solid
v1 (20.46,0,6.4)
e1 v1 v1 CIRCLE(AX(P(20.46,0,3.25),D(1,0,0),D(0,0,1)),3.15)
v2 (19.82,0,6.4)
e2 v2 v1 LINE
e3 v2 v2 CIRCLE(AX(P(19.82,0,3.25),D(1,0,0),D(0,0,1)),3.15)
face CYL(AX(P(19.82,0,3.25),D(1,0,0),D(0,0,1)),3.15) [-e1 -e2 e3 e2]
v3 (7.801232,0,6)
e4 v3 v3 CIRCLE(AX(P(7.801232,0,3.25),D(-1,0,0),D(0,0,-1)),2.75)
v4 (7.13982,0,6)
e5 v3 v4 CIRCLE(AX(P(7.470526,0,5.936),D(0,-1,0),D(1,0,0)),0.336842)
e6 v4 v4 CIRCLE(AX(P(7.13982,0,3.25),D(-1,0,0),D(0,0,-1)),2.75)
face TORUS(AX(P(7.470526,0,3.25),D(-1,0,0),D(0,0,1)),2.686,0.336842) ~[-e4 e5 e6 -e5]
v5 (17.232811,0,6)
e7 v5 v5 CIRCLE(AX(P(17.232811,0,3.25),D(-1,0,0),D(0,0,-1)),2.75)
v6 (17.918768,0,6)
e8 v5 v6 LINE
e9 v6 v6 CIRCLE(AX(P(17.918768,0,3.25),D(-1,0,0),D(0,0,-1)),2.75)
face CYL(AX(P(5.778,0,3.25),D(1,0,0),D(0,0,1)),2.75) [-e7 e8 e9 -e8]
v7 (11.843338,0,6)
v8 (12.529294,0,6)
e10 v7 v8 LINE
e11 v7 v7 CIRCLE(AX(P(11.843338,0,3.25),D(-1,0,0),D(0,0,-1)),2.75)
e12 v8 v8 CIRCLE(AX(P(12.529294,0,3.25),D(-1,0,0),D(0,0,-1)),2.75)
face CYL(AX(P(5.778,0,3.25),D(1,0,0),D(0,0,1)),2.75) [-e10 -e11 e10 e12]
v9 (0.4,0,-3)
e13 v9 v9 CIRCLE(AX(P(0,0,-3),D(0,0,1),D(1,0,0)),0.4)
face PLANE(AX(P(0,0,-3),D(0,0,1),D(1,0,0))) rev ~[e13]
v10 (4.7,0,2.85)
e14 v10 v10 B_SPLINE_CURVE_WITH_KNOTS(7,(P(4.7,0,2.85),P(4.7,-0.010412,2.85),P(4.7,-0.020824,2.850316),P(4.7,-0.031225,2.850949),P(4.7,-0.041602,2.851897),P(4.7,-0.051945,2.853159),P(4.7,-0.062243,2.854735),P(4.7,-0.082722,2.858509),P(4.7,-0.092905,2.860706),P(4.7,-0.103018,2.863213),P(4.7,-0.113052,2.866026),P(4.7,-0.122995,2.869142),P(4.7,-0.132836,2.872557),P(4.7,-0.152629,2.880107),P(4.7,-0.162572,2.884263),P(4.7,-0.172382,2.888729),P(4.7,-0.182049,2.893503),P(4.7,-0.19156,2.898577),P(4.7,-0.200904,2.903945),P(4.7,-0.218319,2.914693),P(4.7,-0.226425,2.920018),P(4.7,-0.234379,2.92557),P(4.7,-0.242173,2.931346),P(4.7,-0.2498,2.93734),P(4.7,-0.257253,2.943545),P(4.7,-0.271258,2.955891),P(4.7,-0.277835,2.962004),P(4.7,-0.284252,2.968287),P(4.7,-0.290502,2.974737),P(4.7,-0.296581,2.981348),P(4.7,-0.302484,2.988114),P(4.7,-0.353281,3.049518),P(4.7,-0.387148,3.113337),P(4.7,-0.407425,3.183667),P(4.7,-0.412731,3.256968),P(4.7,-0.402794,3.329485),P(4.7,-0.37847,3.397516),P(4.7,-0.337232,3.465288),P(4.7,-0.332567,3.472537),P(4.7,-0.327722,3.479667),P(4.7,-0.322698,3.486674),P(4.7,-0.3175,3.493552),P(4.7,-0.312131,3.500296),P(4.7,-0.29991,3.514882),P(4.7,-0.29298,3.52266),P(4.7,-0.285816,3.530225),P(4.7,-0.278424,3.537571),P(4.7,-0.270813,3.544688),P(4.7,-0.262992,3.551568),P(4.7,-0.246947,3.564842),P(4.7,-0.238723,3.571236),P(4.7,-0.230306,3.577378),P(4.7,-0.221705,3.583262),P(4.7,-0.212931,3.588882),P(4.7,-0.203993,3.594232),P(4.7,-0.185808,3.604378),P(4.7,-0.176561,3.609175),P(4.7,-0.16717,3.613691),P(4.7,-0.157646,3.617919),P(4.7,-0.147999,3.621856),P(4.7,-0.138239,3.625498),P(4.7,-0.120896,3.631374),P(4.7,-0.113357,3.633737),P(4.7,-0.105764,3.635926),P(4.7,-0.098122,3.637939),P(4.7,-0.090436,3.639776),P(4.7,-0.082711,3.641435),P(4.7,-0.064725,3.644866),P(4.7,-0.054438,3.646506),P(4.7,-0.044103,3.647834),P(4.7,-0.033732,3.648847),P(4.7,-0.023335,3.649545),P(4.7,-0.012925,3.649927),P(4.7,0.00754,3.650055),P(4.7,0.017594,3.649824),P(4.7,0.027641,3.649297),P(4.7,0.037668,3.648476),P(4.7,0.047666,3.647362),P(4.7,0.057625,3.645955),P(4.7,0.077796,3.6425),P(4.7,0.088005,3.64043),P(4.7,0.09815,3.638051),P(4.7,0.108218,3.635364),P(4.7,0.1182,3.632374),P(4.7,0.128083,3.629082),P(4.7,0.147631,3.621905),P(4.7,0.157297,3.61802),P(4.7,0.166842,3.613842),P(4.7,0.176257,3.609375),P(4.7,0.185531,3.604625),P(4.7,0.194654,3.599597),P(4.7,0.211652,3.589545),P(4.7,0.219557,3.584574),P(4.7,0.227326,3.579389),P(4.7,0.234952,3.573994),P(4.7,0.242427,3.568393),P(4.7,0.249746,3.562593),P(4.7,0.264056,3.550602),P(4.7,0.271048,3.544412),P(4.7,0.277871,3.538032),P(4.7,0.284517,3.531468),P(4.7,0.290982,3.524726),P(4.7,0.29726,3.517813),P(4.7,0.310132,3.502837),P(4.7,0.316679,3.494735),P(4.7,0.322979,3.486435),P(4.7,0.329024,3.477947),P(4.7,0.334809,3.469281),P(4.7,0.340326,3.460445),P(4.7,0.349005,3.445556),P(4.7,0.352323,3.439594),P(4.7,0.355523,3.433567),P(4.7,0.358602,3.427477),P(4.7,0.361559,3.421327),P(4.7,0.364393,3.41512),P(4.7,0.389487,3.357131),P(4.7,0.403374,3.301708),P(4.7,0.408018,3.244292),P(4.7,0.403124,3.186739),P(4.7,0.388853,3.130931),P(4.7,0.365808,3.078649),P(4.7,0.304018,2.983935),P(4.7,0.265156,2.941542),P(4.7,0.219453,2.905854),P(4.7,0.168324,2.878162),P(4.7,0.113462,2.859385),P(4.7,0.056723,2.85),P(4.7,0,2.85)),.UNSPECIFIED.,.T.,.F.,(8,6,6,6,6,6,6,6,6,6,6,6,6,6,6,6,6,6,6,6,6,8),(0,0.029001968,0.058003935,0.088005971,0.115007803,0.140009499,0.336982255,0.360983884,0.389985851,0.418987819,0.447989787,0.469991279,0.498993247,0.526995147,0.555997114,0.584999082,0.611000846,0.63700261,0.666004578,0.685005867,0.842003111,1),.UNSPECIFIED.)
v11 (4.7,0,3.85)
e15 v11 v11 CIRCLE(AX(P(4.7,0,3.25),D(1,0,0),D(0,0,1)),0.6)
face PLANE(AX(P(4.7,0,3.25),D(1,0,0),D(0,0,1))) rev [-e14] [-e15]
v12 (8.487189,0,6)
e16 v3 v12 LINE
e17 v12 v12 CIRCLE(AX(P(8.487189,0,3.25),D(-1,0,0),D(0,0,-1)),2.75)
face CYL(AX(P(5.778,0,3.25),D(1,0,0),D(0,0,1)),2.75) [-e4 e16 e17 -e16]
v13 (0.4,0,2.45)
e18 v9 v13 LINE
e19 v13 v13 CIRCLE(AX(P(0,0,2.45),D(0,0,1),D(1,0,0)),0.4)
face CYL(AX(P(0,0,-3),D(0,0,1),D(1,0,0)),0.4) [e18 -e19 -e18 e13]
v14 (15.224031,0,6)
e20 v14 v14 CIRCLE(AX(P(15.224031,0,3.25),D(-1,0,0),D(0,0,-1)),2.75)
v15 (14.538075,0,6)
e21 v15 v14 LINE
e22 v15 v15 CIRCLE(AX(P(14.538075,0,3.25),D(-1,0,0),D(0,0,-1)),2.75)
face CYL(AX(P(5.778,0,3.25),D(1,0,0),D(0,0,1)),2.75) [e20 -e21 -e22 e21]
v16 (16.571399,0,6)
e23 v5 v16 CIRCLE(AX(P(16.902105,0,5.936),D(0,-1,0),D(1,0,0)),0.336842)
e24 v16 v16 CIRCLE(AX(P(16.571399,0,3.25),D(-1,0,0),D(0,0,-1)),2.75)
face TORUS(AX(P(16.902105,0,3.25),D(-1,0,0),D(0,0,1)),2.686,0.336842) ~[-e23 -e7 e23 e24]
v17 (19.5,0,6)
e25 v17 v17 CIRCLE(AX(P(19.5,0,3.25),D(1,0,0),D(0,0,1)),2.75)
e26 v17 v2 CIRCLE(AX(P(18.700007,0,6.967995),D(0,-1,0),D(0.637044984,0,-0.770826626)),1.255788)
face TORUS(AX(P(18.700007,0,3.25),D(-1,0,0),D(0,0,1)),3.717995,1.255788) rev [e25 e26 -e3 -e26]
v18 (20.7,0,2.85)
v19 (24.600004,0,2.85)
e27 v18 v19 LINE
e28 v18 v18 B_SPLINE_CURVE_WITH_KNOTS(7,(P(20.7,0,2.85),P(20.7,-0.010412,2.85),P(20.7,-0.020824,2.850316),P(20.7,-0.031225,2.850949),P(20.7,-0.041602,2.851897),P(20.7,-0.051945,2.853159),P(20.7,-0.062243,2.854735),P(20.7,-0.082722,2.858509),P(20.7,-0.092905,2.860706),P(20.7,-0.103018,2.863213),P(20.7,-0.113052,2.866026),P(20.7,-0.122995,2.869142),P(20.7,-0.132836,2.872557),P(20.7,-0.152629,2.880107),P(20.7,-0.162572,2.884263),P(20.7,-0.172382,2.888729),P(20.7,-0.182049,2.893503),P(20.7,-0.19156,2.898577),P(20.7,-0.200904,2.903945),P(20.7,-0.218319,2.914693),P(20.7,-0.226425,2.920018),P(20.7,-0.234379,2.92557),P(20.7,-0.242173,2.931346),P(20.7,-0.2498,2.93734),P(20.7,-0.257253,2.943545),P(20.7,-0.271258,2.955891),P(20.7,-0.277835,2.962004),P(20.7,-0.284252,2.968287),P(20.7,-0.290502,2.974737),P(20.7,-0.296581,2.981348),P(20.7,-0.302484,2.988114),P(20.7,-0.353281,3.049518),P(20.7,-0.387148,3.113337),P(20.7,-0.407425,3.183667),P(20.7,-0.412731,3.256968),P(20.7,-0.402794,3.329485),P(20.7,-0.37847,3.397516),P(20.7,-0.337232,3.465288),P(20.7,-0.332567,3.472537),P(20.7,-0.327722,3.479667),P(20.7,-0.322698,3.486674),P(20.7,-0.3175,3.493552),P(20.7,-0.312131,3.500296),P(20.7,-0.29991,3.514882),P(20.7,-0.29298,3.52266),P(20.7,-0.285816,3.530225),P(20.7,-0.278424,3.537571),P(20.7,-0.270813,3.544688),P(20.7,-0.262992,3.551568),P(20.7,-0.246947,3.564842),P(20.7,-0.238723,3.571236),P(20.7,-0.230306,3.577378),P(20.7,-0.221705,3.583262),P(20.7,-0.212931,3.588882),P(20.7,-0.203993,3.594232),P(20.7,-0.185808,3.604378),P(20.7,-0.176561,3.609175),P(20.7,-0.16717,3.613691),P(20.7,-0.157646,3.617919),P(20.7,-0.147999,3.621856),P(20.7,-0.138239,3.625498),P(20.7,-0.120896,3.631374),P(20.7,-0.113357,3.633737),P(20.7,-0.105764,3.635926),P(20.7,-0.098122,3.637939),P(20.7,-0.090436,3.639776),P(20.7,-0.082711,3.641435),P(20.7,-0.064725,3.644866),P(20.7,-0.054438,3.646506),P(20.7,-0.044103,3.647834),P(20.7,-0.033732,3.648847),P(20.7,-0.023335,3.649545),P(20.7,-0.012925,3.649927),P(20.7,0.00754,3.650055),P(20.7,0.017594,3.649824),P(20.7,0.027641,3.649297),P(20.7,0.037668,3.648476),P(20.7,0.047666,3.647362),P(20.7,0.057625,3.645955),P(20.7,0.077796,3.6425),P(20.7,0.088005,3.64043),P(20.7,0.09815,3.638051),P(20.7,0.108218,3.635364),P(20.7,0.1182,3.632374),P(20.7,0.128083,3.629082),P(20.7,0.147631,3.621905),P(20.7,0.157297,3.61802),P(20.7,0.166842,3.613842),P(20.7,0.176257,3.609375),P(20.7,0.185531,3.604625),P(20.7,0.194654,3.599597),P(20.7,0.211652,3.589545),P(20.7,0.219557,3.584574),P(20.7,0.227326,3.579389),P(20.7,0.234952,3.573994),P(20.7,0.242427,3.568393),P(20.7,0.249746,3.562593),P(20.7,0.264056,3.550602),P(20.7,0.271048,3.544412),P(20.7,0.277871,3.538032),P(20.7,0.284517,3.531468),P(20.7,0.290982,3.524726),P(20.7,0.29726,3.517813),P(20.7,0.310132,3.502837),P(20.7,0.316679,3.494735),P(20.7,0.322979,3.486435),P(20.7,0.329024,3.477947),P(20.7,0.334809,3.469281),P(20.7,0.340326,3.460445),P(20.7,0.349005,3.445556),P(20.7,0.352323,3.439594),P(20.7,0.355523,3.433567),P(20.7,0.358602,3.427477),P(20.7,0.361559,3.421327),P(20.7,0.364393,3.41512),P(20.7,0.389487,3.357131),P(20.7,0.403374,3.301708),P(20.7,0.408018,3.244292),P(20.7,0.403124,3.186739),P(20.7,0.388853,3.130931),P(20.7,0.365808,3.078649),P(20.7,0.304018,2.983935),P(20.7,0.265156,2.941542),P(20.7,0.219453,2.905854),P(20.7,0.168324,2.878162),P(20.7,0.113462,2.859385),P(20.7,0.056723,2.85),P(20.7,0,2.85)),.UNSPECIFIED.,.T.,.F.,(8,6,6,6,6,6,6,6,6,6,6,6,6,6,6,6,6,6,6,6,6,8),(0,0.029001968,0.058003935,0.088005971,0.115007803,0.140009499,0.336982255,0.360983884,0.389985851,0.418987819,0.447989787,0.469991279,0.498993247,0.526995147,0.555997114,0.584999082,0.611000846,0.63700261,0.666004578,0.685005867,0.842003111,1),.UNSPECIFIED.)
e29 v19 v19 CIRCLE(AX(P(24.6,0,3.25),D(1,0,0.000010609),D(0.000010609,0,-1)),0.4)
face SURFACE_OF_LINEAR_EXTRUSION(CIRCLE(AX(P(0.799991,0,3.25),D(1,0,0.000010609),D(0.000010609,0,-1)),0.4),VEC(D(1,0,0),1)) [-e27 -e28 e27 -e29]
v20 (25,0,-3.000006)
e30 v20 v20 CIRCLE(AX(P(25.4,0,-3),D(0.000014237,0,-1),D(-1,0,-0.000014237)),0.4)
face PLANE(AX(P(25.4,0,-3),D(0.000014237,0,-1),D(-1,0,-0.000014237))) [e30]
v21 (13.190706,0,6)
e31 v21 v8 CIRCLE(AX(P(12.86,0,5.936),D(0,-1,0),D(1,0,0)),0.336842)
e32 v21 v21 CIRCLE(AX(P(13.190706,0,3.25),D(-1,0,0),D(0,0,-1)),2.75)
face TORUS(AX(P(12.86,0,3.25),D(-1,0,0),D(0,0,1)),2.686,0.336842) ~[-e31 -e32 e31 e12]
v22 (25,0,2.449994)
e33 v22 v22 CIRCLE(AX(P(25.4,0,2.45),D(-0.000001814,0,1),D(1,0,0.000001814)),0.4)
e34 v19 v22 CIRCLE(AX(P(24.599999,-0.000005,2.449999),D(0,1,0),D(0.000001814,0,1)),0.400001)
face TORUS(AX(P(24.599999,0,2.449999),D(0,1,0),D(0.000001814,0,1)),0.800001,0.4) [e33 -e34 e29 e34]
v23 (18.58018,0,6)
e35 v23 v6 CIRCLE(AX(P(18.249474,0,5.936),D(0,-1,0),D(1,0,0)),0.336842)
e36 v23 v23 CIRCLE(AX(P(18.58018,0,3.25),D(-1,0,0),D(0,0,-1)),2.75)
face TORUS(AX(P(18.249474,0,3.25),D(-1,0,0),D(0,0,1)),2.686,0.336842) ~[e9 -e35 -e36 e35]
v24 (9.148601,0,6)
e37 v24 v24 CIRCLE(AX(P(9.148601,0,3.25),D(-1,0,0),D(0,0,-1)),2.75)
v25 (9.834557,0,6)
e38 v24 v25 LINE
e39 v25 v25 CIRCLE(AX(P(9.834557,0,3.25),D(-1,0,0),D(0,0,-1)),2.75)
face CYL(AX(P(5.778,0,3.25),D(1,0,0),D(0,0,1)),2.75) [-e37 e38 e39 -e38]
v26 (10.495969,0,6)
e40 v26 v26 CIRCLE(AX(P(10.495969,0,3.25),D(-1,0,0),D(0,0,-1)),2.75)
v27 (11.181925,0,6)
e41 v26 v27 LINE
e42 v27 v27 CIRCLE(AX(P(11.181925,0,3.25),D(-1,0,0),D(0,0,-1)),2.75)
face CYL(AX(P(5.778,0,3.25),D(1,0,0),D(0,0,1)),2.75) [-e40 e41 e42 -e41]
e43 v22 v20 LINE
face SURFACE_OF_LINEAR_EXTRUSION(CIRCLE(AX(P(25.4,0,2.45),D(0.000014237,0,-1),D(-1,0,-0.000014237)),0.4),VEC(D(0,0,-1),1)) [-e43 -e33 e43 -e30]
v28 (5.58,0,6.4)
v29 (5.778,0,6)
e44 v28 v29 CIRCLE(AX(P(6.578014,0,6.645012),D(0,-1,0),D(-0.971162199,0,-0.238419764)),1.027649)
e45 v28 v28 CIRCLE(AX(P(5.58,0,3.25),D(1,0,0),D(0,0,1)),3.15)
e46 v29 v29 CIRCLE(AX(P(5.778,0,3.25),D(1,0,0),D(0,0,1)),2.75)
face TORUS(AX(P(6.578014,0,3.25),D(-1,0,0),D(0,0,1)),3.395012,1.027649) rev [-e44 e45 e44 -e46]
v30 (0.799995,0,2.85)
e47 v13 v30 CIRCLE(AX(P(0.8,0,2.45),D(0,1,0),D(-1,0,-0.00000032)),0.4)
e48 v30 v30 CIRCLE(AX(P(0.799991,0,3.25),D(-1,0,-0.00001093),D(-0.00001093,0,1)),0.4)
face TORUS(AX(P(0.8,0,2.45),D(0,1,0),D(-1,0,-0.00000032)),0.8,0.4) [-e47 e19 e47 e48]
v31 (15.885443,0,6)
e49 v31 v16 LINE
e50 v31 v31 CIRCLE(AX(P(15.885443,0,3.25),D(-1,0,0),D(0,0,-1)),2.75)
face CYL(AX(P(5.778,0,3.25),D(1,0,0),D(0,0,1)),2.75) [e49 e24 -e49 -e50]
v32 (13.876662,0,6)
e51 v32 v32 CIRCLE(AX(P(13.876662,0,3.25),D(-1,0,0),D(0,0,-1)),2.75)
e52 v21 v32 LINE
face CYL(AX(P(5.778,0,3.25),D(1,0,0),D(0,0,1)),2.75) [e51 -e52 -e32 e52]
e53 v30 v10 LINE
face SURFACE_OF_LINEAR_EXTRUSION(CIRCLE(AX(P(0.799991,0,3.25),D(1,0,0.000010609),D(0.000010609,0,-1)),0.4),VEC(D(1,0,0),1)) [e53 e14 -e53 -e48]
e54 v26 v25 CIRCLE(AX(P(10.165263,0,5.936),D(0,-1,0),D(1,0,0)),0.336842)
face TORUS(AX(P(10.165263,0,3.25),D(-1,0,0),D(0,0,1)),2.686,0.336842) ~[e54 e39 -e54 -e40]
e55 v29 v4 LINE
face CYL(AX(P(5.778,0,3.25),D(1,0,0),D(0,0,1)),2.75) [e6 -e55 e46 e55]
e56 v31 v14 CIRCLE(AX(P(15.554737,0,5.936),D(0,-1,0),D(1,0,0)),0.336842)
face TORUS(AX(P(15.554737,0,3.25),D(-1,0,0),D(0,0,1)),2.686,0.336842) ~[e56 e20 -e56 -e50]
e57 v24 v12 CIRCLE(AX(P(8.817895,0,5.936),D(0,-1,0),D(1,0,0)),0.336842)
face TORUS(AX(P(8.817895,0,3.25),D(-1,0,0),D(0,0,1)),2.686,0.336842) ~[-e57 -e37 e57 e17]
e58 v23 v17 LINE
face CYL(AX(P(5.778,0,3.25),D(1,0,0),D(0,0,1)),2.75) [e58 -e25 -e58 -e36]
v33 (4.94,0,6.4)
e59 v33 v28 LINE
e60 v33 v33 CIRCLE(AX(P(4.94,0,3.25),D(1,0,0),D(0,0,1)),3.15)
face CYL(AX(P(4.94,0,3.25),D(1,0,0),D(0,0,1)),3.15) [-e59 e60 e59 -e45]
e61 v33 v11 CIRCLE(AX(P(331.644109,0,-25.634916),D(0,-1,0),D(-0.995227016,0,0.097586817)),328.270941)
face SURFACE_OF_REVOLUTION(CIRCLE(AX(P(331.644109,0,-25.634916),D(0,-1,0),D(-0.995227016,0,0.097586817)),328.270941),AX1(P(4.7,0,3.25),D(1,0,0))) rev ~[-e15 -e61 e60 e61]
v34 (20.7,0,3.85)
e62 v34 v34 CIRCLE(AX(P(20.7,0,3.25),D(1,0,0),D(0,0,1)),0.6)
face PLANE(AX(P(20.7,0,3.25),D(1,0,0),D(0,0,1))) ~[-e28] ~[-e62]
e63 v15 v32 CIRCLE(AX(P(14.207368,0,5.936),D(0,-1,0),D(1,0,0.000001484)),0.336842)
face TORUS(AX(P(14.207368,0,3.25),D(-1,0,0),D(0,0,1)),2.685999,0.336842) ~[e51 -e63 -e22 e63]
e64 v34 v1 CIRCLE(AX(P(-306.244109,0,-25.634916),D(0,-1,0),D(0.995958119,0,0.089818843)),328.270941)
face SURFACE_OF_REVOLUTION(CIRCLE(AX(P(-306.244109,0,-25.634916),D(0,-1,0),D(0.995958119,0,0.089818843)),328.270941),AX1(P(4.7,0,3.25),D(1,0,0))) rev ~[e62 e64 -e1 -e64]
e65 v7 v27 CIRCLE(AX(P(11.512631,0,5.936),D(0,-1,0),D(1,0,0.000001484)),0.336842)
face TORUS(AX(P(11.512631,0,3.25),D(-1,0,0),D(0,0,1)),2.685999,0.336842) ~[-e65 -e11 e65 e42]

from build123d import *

# Parameters (mm, degrees)
SKETCH_R = 0.4


with BuildPart() as sweep_body:
    # Sweep: sweep along a path in Sketch001
    with BuildLine(Plane.XZ) as sweep_path:
        Line((0, -3), (0, 2.45))
        ThreePointArc((0, 2.45), (0.234311, 3.015682), (0.799991, 3.25))
        Line((0.799991, 3.25), (24.6, 3.25))
        ThreePointArc((24.6, 3.25), (25.165685, 3.015685), (25.4, 2.45))
        Line((25.4, 2.45), (25.4, -3))
    # Sketch → Sweep (sweep)
    with BuildSketch(Plane.XY.offset(-2)):
        Circle(SKETCH_R)
    sweep(path=sweep_path.line)


with BuildPart() as revolution:
    # Sketch002 → Revolution (revolve)
    with BuildSketch(Plane.XZ):
        with BuildLine():
            Line((4.94, 6.4), (5.58, 6.4))
            ThreePointArc((5.58, 6.4), (5.657022, 6.189121), (5.778, 6))
            Line((5.778, 6), (19.5, 6))
            ThreePointArc((19.5, 6), (19.680612, 6.18351), (19.82, 6.4))
            Line((19.82, 6.4), (20.46, 6.4))
            ThreePointArc((20.7, 3.85), (20.582487, 5.125234), (20.46, 6.4))
            Line((20.7, 3.25), (20.7, 3.85))
            Line((4.7, 3.25), (20.7, 3.25))
            Line((4.7, 3.25), (4.7, 3.85))
            ThreePointArc((4.94, 6.4), (4.817513, 5.125234), (4.7, 3.85))
        make_face()
    revolve(axis=Axis((4.7, 0, 3.25), (1, 0, 0)))


with BuildPart() as revolution001_mp_cp:
    # Sketch003 → Revolution001 (revolve)
    with BuildSketch(Plane.XZ):
        with BuildLine():
            ThreePointArc((7.807368, 5.936), (7.470526, 6.272842), (7.133684, 5.936))
            Line((6.46, 5.936), (7.133684, 5.936))
            Line((6.46, 5.936), (6.46, 5.306))
            Line((6.46, 5.306), (19.26, 5.306))
            Line((19.26, 5.306), (19.26, 5.936))
            Line((18.586316, 5.936), (19.26, 5.936))
            ThreePointArc((18.586316, 5.936), (18.249474, 6.272842), (17.912632, 5.936))
            Line((17.238947, 5.936), (17.912632, 5.936))
            ThreePointArc((17.238947, 5.936), (16.902105, 6.272842), (16.565263, 5.936))
            Line((15.891579, 5.936), (16.565263, 5.936))
            ThreePointArc((15.891579, 5.936), (15.554737, 6.272842), (15.217895, 5.936))
            Line((14.544211, 5.936), (15.217895, 5.936))
            ThreePointArc((14.544211, 5.936), (14.207368, 6.272842), (13.870526, 5.936))
            Line((13.196842, 5.936), (13.870526, 5.936))
            ThreePointArc((13.196842, 5.936), (12.86, 6.272842), (12.523158, 5.936))
            Line((11.849474, 5.936), (12.523158, 5.936))
            ThreePointArc((11.849474, 5.936), (11.512632, 6.272842), (11.175789, 5.936))
            Line((10.502105, 5.936), (11.175789, 5.936))
            ThreePointArc((10.502105, 5.936), (10.165263, 6.272842), (9.828421, 5.936))
            Line((9.154737, 5.936), (9.828421, 5.936))
            ThreePointArc((9.154737, 5.936), (8.817895, 6.272842), (8.481053, 5.936))
            Line((7.807368, 5.936), (8.481053, 5.936))
        make_face()
    revolve(axis=Axis((5.1, 0, 3.25), (1, 0, 0)))

    # Revolution001_mp_cp: union Sweep body, Revolution
    add(sweep_body.part)
    add(revolution.part)


solid = revolution001_mp_cp.part
